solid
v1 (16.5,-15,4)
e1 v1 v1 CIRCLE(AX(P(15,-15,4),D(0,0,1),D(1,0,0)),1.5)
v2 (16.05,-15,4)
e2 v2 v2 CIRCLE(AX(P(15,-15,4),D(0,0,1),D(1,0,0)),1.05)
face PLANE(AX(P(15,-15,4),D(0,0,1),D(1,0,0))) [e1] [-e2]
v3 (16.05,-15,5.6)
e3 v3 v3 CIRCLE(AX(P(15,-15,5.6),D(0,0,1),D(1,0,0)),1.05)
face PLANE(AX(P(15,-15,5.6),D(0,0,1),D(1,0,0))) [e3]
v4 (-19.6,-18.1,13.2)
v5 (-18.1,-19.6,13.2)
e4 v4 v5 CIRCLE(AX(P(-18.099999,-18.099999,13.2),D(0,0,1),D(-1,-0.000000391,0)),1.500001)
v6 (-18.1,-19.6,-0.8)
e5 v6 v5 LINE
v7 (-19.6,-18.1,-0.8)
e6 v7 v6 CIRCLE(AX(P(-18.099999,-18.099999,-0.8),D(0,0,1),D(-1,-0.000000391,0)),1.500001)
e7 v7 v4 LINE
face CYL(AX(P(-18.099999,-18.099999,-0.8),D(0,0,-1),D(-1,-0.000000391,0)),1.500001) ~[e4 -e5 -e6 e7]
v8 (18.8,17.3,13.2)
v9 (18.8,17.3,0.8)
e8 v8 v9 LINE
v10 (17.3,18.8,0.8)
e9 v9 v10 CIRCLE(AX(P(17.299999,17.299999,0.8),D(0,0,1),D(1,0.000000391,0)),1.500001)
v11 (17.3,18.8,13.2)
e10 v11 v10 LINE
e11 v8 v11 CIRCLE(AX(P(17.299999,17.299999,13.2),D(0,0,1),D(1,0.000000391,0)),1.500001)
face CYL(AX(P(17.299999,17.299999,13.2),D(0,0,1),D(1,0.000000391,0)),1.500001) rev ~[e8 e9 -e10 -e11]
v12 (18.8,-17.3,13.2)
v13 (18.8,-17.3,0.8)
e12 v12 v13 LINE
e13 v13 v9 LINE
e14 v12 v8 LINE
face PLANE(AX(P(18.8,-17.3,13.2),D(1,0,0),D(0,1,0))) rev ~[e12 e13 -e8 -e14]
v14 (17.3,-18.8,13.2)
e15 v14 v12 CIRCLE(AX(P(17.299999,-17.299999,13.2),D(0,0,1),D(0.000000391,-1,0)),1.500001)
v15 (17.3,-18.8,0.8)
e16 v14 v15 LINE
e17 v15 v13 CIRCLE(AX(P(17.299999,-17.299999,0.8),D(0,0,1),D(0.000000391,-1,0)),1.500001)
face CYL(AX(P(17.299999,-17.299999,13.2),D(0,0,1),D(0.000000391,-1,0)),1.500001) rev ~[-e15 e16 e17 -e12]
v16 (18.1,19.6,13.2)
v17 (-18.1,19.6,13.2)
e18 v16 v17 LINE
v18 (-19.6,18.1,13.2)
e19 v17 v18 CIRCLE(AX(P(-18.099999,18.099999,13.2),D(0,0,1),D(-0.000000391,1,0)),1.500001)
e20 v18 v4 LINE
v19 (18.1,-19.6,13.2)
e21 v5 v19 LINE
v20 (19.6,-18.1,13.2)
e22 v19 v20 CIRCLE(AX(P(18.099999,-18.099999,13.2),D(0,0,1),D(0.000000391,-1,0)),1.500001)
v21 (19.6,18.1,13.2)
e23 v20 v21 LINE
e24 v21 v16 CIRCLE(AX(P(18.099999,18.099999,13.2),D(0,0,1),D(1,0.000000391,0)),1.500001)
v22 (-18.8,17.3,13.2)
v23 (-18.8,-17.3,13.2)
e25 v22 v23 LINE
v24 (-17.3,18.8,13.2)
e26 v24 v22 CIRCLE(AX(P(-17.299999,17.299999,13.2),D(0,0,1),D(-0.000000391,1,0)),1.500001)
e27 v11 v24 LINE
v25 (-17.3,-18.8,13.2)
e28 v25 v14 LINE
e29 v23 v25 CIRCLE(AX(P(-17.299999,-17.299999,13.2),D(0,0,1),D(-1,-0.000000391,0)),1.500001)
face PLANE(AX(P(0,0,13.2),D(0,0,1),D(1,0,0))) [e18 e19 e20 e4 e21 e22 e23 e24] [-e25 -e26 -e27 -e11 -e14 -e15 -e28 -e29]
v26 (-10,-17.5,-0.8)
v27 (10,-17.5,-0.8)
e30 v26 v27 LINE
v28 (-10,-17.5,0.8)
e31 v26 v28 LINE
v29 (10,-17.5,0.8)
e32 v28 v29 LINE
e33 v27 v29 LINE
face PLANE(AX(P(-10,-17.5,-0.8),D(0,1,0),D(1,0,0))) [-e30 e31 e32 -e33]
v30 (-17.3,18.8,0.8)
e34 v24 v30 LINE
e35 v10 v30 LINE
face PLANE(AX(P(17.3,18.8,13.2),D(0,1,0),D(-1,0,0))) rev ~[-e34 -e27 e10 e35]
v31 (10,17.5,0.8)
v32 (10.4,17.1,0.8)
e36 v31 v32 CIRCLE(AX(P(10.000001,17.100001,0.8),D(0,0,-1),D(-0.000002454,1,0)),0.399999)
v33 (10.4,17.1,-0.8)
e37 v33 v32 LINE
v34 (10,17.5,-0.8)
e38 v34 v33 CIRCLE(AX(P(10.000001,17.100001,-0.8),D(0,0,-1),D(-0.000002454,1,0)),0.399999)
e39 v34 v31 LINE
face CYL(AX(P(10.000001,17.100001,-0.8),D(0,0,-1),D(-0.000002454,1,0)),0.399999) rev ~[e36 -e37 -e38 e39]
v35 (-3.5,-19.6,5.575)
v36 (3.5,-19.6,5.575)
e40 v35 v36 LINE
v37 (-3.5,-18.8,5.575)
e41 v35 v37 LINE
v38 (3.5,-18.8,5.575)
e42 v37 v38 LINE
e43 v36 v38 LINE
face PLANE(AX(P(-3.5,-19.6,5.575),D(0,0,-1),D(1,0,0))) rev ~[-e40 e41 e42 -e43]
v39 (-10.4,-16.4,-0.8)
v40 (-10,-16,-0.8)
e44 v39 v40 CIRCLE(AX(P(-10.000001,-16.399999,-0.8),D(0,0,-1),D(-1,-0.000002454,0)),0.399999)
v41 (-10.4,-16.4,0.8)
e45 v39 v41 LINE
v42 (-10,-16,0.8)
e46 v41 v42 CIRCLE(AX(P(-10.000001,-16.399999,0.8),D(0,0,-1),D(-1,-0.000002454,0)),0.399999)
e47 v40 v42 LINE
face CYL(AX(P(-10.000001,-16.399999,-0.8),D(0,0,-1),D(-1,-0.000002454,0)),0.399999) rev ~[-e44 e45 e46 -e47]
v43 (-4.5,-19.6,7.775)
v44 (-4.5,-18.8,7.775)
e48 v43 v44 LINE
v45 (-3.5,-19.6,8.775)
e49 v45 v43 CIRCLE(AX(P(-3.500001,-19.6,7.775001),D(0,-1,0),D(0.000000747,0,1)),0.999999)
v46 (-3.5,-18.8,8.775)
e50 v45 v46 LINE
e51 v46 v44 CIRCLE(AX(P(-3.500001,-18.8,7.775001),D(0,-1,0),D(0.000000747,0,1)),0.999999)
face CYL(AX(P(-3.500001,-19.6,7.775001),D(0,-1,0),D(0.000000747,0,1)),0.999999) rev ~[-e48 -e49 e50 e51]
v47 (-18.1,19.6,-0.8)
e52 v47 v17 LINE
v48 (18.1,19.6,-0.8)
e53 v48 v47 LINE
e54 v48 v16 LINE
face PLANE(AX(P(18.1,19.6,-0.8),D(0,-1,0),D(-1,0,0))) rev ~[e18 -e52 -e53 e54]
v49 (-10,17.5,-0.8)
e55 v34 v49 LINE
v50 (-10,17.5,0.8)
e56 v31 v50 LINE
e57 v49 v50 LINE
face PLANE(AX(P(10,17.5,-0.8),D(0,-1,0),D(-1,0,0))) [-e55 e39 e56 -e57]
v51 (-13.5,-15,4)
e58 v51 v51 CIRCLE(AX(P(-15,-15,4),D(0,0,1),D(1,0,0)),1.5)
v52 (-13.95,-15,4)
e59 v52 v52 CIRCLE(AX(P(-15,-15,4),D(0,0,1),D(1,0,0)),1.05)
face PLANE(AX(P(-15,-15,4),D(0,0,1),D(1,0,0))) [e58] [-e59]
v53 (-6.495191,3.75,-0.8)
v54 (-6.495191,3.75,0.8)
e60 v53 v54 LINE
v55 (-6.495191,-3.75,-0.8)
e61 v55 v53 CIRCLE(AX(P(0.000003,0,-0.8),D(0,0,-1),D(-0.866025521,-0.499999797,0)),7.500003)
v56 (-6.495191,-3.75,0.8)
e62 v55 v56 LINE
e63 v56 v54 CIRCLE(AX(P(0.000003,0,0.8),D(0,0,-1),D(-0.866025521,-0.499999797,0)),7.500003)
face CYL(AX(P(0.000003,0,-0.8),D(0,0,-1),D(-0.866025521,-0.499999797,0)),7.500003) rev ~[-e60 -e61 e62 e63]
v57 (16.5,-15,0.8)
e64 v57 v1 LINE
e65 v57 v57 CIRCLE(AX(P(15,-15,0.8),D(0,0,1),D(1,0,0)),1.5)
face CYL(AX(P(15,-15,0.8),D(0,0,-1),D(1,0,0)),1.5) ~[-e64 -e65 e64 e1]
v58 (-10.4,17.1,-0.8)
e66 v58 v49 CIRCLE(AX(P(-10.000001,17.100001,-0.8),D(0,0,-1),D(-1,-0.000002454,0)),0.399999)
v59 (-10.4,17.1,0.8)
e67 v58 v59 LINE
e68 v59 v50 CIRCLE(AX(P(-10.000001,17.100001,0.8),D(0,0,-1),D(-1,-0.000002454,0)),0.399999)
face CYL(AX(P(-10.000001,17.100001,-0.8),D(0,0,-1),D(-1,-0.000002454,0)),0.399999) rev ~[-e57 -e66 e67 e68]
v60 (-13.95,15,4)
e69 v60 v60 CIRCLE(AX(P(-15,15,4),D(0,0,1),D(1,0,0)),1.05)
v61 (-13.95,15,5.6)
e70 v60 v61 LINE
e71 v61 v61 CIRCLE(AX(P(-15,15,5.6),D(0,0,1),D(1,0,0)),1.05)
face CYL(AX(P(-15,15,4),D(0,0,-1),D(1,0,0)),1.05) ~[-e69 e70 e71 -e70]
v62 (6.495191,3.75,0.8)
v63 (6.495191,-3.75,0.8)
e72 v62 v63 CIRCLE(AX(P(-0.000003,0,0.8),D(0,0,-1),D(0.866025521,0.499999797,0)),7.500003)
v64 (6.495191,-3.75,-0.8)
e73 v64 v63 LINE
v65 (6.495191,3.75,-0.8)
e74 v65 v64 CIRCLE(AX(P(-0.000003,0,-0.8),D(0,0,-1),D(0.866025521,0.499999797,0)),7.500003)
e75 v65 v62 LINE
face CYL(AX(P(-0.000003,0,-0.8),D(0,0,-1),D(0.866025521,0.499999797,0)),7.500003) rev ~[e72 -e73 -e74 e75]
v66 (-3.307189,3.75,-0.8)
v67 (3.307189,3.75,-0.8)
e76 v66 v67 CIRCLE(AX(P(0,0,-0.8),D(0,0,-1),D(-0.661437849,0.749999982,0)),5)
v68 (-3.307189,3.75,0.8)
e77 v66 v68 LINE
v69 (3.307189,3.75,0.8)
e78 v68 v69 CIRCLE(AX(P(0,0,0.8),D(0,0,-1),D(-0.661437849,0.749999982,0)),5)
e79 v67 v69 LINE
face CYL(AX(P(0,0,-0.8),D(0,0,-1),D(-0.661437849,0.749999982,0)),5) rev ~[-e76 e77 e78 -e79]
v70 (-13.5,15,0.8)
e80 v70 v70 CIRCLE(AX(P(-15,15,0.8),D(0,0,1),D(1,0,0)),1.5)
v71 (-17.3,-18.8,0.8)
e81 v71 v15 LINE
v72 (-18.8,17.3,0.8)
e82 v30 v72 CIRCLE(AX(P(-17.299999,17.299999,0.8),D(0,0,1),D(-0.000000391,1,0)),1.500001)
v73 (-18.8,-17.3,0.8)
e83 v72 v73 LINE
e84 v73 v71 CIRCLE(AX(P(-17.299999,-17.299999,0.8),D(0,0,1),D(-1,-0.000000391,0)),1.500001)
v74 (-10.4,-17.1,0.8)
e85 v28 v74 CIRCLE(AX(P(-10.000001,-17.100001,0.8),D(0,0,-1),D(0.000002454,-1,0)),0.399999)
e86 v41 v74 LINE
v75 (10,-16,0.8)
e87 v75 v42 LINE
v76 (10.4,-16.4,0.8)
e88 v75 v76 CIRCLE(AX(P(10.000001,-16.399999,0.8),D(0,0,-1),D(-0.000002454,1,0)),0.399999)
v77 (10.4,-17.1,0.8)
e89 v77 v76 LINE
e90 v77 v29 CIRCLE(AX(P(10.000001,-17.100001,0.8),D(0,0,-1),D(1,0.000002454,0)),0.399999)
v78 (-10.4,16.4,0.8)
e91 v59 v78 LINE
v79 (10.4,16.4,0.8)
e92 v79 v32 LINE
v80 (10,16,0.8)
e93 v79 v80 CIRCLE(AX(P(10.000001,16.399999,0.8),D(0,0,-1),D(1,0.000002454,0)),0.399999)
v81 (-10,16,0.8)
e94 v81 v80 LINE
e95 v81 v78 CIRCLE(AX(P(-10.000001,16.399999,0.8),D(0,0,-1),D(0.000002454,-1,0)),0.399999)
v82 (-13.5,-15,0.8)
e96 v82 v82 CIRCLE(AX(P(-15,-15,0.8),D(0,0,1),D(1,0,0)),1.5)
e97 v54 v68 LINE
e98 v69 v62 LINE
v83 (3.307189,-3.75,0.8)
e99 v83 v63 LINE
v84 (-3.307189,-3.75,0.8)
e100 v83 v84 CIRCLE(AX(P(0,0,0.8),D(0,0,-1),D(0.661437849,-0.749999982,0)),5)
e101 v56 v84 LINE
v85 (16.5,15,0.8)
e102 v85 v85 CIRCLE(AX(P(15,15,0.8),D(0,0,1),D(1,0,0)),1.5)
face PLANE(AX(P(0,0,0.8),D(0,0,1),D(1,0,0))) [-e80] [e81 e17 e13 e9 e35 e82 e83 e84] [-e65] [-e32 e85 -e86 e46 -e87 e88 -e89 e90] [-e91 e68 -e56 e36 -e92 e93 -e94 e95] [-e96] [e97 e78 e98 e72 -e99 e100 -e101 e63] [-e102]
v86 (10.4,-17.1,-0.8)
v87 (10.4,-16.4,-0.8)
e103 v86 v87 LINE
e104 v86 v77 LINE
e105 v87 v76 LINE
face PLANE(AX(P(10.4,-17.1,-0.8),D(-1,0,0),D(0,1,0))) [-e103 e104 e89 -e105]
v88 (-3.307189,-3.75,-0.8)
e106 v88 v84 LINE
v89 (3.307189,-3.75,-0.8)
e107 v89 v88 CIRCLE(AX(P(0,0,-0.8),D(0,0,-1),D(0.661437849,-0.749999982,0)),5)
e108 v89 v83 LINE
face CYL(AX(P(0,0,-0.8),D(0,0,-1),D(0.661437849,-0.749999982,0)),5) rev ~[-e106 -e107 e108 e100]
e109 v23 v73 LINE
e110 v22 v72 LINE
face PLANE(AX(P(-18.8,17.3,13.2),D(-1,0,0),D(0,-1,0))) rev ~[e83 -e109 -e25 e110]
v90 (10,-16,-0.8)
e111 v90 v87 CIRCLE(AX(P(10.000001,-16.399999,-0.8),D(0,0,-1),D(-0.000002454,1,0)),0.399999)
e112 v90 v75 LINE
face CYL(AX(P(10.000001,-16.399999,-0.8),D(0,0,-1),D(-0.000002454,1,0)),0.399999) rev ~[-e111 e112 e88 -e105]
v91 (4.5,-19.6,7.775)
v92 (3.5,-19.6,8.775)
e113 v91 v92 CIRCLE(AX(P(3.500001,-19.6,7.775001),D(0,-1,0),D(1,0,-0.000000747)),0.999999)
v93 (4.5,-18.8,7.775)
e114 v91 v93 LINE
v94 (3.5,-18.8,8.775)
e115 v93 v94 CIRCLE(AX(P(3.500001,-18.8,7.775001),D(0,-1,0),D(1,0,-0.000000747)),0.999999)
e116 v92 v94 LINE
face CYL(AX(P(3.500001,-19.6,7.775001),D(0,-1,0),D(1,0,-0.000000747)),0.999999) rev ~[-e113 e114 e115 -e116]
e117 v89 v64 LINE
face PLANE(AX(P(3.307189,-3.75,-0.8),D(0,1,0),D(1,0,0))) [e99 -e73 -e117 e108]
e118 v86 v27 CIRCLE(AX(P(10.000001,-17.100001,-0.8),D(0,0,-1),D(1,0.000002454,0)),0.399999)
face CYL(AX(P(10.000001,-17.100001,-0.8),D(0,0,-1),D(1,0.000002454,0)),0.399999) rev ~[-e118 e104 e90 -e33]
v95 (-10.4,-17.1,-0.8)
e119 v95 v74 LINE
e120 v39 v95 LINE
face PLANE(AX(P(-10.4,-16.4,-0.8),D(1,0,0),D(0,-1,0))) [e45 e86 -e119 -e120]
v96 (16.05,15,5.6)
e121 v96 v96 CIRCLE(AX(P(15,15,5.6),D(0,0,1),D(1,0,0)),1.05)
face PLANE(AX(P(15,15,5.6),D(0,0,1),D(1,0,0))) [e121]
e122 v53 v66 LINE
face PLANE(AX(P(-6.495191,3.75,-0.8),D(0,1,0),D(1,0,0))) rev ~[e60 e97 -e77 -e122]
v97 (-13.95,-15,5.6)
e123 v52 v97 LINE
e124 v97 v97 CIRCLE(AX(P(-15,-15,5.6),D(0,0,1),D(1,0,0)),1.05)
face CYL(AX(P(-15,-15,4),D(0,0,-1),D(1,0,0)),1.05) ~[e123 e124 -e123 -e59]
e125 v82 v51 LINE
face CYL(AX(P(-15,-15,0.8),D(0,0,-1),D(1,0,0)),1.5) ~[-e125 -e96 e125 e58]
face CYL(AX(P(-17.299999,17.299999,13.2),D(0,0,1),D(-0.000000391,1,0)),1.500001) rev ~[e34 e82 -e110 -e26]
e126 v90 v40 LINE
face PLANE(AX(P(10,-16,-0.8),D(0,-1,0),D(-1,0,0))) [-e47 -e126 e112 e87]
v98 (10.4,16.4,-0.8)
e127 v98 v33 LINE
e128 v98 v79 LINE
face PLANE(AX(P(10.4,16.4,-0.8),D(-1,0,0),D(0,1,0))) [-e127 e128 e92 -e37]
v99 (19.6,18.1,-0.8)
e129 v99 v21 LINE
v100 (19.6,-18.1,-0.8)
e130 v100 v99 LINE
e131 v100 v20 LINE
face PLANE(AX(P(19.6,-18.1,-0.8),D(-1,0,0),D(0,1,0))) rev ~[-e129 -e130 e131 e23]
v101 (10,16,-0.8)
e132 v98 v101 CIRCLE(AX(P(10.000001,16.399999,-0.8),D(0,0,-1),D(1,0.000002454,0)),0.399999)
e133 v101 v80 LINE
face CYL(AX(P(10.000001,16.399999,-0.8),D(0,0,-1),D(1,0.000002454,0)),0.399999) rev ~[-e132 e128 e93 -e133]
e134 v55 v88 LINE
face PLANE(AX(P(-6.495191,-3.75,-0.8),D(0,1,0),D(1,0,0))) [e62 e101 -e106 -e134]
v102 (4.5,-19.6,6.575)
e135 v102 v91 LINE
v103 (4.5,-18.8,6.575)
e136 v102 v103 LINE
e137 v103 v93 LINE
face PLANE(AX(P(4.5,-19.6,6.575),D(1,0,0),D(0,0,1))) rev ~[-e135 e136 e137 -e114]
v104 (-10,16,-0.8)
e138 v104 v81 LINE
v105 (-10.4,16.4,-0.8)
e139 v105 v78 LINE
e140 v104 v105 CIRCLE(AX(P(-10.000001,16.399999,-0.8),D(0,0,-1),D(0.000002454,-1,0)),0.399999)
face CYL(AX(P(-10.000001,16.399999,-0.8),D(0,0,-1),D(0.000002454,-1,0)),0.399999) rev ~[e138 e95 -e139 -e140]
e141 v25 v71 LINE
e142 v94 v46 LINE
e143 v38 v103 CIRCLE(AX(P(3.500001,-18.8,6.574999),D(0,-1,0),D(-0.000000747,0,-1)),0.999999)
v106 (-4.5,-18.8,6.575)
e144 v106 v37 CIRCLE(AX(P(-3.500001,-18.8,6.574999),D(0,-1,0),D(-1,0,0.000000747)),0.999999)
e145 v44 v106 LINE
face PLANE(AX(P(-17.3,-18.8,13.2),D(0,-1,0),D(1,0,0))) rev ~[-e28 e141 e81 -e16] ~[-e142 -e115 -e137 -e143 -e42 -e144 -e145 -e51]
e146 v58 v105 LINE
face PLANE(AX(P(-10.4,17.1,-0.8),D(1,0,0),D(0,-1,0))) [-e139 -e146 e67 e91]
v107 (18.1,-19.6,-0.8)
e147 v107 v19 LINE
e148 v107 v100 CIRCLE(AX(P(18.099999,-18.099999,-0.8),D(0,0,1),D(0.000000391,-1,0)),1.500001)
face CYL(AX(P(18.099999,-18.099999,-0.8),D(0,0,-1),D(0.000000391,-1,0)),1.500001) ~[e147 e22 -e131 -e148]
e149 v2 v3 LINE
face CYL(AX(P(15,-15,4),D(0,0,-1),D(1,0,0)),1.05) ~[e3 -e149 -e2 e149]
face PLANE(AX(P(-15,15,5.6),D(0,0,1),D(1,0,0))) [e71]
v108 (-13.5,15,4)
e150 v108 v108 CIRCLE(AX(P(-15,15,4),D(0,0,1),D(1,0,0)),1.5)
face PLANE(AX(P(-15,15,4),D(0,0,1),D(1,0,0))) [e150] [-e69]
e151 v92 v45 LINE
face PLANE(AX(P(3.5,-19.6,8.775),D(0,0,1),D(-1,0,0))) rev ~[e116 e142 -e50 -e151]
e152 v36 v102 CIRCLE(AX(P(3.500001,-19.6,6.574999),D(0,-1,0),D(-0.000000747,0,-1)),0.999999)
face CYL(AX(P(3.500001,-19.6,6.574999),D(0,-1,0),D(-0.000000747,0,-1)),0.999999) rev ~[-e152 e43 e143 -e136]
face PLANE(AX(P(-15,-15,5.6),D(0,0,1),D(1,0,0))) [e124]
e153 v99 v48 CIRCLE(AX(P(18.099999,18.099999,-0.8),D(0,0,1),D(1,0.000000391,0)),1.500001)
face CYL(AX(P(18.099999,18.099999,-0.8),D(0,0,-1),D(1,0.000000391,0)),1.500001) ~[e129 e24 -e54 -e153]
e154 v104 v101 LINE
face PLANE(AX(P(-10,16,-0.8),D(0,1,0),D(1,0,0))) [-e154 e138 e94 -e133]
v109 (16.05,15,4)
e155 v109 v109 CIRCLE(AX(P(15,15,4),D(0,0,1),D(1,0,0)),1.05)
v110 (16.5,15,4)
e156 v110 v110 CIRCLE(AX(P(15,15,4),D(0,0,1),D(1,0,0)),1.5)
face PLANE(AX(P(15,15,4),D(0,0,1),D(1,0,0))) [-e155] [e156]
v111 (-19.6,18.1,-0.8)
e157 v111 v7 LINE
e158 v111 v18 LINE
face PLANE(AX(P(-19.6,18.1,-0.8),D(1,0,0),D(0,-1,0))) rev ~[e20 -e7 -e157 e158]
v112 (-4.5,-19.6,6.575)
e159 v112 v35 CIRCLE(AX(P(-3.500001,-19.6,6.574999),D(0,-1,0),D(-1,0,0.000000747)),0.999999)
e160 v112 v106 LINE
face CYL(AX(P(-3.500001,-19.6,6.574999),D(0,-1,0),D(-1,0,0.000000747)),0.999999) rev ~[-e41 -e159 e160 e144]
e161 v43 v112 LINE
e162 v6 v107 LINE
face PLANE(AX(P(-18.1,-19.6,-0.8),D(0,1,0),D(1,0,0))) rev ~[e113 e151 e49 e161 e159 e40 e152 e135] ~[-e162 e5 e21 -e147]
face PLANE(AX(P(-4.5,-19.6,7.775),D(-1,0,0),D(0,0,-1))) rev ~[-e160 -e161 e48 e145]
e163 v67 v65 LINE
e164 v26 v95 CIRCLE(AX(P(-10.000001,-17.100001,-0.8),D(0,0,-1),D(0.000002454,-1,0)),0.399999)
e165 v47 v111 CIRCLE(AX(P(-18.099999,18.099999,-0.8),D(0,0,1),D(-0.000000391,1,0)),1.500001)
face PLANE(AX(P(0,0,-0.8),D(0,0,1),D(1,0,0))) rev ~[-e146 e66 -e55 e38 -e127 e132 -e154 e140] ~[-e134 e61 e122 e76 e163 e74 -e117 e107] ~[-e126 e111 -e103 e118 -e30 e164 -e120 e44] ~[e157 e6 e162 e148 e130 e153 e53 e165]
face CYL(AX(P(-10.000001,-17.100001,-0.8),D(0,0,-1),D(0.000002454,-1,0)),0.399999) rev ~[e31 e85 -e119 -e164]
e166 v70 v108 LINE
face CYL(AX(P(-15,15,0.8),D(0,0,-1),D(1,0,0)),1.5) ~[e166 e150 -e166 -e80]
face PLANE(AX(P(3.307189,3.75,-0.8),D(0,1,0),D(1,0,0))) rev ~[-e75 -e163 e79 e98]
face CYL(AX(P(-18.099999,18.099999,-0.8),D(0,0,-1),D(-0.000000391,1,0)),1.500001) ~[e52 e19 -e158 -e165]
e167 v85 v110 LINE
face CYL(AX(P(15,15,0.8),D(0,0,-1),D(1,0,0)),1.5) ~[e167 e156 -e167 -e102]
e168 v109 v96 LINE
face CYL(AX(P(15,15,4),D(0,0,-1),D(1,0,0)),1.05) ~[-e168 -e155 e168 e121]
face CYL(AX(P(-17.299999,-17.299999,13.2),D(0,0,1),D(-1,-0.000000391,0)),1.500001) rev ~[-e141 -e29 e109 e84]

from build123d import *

# Parameters (mm, degrees)
PAD_DEPTH       = 14
POCKET_DEPTH    = 12.4
SKETCH002_R     = 1.5
PAD001_DEPTH    = 3.2
SKETCH003_R     = 1.05
PAD002_DEPTH    = 1.6
POCKET001_DEPTH = 0.8
POCKET003_DEPTH = 1.6
POCKET008_DEPTH = 1.6


with BuildPart() as part:
    # Sketch → Pad (new body)
    with BuildSketch(Plane.XY):
        with BuildLine():
            Line((-19.6, 18.1), (-19.6, -18.1))
            ThreePointArc((-19.6, -18.1), (-19.16066, -19.16066), (-18.1, -19.6))
            Line((-18.1, -19.6), (18.1, -19.6))
            ThreePointArc((18.1, -19.6), (19.16066, -19.16066), (19.6, -18.1))
            Line((19.6, -18.1), (19.6, 18.1))
            ThreePointArc((19.6, 18.1), (19.16066, 19.16066), (18.1, 19.6))
            Line((18.1, 19.6), (-18.1, 19.6))
            ThreePointArc((-18.1, 19.6), (-19.16066, 19.16066), (-19.6, 18.1))
        make_face()
    extrude(amount=PAD_DEPTH)

    # Sketch001 (on Face10 of Pad) → Pocket (cut)
    with BuildSketch(Plane.XY.offset(14)):
        with BuildLine():
            Line((-18.8, 17.3), (-18.8, -17.3))
            ThreePointArc((-18.8, -17.3), (-18.36066, -18.36066), (-17.3, -18.8))
            Line((-17.3, -18.8), (17.3, -18.8))
            ThreePointArc((17.3, -18.8), (18.36066, -18.36066), (18.8, -17.3))
            Line((18.8, -17.3), (18.8, 17.3))
            ThreePointArc((18.8, 17.3), (18.36066, 18.36066), (17.3, 18.8))
            Line((17.3, 18.8), (-17.3, 18.8))
            ThreePointArc((-17.3, 18.8), (-18.36066, 18.36066), (-18.8, 17.3))
        make_face()
    extrude(amount=-POCKET_DEPTH, mode=Mode.SUBTRACT)

    # Sketch002 (on Face19 of Pocket) → Pad001 (join)
    with BuildSketch(Plane.XY.offset(1.6)):
        with Locations((-15, 15)):
            Circle(SKETCH002_R)
        with Locations((15, 15)):
            Circle(SKETCH002_R)
        with Locations((-15, -15)):
            Circle(SKETCH002_R)
        with Locations((15, -15)):
            Circle(SKETCH002_R)
    extrude(amount=PAD001_DEPTH)

    # Sketch003 (on Face27 of Pad001) → Pad002 (join)
    with BuildSketch(Plane.XY.offset(4.8)):
        with Locations((-15, 15)):
            Circle(SKETCH003_R)
        with Locations((15, 15)):
            Circle(SKETCH003_R)
        with Locations((-15, -15)):
            Circle(SKETCH003_R)
        with Locations((15, -15)):
            Circle(SKETCH003_R)
    extrude(amount=PAD002_DEPTH)

    # Sketch004 (on Face7 of Pad002) → Pocket001 (cut)
    with BuildSketch(Plane.XZ.offset(19.6)):
        with BuildLine():
            Line((-4.5, 8.575), (-4.5, 7.375))
            ThreePointArc((-4.5, 7.375), (-4.207107, 6.667893), (-3.5, 6.375))
            Line((-3.5, 6.375), (3.5, 6.375))
            ThreePointArc((3.5, 6.375), (4.207107, 6.667893), (4.5, 7.375))
            Line((4.5, 7.375), (4.5, 8.575))
            ThreePointArc((4.5, 8.575), (4.207107, 9.282107), (3.5, 9.575))
            Line((3.5, 9.575), (-3.5, 9.575))
            ThreePointArc((-3.5, 9.575), (-4.207107, 9.282107), (-4.5, 8.575))
        make_face()
    extrude(amount=-POCKET001_DEPTH, mode=Mode.SUBTRACT)

    # Sketch009 (on Face4 of Pocket001) → Pocket003 (cut)
    with BuildSketch(Plane(origin=(0, 0, 0), x_dir=(1, 0, 0), z_dir=(0, 0, -1))):
        with BuildLine():
            Line((-6.495191, 3.75), (-3.307189, 3.75))
            ThreePointArc((3.307189, 3.75), (0, 5), (-3.307189, 3.75))
            Line((3.307189, 3.75), (6.495191, 3.75))
            ThreePointArc((6.495191, -3.75), (7.5, 0), (6.495191, 3.75))
            Line((3.307189, -3.75), (6.495191, -3.75))
            ThreePointArc((-3.307189, -3.75), (0, -5), (3.307189, -3.75))
            Line((-6.495191, -3.75), (-3.307189, -3.75))
            ThreePointArc((-6.495191, 3.75), (-7.5, 0), (-6.495191, -3.75))
        make_face()
    extrude(amount=-POCKET003_DEPTH, mode=Mode.SUBTRACT)

    # Sketch029 (on Face4 of Pocket003) → Pocket008 (cut)
    with BuildSketch(Plane(origin=(0, 0, 0), x_dir=(1, 0, 0), z_dir=(0, 0, -1))):
        with BuildLine():
            Line((-10, 17.5), (10, 17.5))
            ThreePointArc((10.4, 17.1), (10.282843, 17.382843), (10, 17.5))
            Line((10.4, 17.1), (10.4, 16.4))
            ThreePointArc((10, 16), (10.282843, 16.117157), (10.4, 16.4))
            Line((10, 16), (-10, 16))
            ThreePointArc((-10.4, 16.4), (-10.282843, 16.117157), (-10, 16))
            Line((-10.4, 16.4), (-10.4, 17.1))
            ThreePointArc((-10, 17.5), (-10.282843, 17.382843), (-10.4, 17.1))
        make_face()
        with BuildLine():
            Line((-10, -16), (10, -16))
            ThreePointArc((10.4, -16.4), (10.282843, -16.117157), (10, -16))
            Line((10.4, -16.4), (10.4, -17.1))
            ThreePointArc((10, -17.5), (10.282843, -17.382843), (10.4, -17.1))
            Line((10, -17.5), (-10, -17.5))
            ThreePointArc((-10.4, -17.1), (-10.282843, -17.382843), (-10, -17.5))
            Line((-10.4, -17.1), (-10.4, -16.4))
            ThreePointArc((-10, -16), (-10.282843, -16.117157), (-10.4, -16.4))
        make_face()
    extrude(amount=-POCKET008_DEPTH, mode=Mode.SUBTRACT)


with BuildPart() as part_1:
    # Body placement: moved
    add(part.part.moved(Location((0, 0, -0.8))))


solid = part_1.part
